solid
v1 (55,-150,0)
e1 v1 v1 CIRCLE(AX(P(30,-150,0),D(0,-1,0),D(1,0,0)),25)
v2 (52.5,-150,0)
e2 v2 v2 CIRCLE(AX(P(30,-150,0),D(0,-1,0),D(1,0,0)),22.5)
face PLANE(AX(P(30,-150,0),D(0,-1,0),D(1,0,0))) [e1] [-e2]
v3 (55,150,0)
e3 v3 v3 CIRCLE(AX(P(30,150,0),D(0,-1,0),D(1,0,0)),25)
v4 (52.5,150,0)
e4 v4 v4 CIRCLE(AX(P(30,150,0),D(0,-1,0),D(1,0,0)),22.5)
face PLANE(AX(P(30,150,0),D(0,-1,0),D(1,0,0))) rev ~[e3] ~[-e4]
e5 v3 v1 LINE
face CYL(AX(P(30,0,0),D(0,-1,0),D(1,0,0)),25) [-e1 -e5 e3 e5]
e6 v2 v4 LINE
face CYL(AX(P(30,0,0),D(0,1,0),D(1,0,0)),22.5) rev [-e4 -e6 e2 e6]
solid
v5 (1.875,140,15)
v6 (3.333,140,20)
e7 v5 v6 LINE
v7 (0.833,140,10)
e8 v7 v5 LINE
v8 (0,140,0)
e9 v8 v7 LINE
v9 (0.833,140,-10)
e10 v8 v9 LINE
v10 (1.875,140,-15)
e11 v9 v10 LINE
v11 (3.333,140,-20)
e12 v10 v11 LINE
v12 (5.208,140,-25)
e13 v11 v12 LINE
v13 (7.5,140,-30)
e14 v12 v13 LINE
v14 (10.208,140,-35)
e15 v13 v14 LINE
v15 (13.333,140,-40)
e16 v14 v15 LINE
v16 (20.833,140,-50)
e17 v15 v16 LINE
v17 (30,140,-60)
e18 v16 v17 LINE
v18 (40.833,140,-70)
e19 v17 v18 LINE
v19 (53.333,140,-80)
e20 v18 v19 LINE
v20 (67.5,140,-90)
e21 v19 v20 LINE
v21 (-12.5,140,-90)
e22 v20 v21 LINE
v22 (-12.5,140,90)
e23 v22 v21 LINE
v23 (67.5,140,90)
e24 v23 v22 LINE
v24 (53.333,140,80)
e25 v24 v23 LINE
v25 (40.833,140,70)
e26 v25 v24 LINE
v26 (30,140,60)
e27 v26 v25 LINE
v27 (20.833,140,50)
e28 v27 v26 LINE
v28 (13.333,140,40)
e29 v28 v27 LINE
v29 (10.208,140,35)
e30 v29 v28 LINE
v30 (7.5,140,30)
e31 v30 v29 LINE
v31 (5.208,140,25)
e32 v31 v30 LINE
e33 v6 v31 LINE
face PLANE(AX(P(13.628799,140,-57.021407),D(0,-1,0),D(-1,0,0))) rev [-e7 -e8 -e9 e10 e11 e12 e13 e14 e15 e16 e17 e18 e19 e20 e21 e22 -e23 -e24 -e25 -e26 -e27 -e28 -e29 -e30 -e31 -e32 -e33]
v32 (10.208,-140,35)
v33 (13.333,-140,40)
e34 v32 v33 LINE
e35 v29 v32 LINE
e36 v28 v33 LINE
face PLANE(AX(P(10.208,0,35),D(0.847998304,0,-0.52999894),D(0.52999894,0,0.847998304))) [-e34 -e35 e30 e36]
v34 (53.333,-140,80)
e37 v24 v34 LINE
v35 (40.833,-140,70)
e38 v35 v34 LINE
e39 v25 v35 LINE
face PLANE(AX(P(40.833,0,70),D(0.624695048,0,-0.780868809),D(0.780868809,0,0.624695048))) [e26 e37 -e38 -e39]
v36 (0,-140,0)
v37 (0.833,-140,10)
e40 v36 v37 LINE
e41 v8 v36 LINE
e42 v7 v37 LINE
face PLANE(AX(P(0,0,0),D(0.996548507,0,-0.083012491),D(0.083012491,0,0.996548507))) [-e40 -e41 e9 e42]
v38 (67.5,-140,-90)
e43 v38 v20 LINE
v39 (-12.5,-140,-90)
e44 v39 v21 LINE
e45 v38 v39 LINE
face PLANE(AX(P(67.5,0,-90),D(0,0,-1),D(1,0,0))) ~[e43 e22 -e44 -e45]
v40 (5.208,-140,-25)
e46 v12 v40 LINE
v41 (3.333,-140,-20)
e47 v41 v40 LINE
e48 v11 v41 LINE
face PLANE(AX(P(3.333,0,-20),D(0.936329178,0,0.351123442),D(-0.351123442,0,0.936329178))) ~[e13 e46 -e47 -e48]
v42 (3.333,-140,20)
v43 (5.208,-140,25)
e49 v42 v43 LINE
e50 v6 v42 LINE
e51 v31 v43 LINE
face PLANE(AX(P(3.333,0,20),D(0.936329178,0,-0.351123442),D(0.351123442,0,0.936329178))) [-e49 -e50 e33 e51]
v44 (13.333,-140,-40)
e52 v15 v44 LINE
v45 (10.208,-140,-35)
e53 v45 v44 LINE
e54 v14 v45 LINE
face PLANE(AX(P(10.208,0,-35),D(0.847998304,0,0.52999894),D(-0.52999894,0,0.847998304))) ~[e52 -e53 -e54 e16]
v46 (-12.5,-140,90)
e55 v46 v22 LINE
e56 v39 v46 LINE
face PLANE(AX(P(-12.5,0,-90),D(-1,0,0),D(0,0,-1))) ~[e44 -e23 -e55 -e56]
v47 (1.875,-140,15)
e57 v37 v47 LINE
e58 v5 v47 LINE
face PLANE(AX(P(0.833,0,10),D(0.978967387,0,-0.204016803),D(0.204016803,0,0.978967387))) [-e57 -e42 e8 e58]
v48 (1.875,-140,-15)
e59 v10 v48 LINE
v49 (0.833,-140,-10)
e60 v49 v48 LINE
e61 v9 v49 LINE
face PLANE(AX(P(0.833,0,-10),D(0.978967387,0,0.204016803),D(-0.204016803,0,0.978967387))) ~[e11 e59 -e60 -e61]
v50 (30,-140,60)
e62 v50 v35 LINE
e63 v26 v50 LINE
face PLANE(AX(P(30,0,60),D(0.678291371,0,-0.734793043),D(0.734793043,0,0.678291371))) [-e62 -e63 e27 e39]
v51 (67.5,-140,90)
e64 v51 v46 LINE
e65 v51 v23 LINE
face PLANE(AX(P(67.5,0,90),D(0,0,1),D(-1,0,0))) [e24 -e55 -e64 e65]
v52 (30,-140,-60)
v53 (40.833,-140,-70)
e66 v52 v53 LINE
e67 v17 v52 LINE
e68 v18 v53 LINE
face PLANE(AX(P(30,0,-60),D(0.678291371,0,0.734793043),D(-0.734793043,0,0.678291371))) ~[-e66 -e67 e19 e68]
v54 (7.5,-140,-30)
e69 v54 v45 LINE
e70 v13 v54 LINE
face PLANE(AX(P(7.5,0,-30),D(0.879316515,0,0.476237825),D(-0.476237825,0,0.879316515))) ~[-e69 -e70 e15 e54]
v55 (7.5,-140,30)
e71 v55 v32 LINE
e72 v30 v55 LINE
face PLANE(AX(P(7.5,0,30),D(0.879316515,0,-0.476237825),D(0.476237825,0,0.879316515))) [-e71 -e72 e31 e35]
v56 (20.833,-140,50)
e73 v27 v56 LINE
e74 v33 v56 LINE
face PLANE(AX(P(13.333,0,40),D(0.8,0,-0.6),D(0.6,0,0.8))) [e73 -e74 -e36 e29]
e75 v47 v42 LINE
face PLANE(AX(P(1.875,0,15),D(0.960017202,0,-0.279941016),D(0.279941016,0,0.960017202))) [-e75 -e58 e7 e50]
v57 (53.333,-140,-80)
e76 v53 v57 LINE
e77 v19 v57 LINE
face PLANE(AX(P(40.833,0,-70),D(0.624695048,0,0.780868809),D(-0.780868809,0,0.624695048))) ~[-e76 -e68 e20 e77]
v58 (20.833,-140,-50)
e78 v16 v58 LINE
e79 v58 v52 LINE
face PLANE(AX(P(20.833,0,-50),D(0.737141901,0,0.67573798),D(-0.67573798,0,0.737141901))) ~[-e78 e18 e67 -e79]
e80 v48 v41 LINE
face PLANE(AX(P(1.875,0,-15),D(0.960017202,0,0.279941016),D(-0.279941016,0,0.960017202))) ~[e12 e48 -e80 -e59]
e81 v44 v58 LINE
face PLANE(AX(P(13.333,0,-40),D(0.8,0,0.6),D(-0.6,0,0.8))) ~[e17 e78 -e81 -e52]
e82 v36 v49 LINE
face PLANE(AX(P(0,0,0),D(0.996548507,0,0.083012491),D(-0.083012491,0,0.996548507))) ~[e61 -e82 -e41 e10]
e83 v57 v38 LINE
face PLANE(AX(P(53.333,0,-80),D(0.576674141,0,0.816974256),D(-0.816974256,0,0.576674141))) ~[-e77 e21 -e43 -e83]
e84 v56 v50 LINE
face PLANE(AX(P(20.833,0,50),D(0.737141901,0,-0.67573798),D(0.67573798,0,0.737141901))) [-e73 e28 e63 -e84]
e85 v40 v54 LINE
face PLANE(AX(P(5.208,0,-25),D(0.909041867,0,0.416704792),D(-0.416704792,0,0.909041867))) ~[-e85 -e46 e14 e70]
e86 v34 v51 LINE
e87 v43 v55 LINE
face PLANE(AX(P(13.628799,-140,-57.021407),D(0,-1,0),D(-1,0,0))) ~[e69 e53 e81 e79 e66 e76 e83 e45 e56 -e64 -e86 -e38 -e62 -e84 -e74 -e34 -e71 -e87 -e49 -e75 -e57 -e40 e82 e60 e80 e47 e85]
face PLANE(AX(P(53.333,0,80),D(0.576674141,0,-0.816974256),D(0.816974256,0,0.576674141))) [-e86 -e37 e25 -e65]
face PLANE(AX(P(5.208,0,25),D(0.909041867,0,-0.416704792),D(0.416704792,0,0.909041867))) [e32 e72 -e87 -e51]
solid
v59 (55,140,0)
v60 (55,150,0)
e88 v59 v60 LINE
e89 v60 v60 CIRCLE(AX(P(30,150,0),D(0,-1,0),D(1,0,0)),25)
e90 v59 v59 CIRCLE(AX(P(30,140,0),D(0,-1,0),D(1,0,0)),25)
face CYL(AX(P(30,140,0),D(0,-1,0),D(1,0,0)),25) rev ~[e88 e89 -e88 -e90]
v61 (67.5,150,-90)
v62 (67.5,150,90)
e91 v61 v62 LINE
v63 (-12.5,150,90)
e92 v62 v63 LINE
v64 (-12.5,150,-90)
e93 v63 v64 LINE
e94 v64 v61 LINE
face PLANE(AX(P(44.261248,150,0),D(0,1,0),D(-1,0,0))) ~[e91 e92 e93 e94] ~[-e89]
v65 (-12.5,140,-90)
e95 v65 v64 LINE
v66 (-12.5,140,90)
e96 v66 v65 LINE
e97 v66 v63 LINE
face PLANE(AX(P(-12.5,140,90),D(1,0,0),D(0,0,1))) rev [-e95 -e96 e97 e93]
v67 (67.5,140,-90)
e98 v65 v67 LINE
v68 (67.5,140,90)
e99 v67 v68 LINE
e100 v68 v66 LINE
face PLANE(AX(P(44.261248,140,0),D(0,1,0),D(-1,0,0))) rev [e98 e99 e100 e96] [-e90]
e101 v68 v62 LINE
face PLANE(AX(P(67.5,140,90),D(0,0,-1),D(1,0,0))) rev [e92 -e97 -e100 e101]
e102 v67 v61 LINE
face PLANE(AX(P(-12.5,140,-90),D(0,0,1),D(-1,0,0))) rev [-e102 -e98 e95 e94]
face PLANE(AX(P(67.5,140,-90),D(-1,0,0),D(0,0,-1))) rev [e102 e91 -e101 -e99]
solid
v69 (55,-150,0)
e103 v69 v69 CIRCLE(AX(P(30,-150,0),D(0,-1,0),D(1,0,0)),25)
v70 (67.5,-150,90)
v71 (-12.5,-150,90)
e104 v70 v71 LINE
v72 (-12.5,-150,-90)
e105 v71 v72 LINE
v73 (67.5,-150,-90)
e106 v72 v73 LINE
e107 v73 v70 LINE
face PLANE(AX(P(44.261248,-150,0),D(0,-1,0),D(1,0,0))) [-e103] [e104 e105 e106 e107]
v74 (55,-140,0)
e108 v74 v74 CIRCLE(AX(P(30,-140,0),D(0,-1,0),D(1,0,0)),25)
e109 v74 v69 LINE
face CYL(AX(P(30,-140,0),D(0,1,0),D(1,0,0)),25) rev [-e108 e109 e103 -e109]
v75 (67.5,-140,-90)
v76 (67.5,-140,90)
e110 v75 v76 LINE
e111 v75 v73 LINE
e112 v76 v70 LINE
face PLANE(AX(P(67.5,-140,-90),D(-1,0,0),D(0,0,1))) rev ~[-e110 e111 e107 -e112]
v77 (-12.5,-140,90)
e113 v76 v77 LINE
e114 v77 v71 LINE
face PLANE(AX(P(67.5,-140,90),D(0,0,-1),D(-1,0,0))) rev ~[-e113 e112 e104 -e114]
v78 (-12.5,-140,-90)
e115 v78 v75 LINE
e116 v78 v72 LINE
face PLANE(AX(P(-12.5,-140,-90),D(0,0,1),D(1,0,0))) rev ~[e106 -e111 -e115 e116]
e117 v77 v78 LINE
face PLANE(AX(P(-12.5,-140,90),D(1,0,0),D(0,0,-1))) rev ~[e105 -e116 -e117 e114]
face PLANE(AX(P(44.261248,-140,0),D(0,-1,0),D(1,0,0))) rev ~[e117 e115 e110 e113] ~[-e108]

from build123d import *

# Parameters (mm, degrees)
F0_R     = 25
F0_R_2   = 22.5
F1_DEPTH = 150
F3_DEPTH = 140
F5_R     = 25
F6_DEPTH = 10


with BuildPart() as f1:
    # F0 (on Front) → F1 (new body, symmetric)
    with BuildSketch(Plane.XZ):
        with Locations((30, 0)):
            Circle(F0_R)
        with Locations((30, 0)):
            Circle(F0_R_2, mode=Mode.SUBTRACT)
    extrude(amount=F1_DEPTH, both=True)


with BuildPart() as f3:
    # F2 (on Front) → F3 (new body, symmetric)
    with BuildSketch(Plane.XZ):
        Polygon((-12.5, 0), (0, 0), (0.833, 10), (1.875, 15), (3.333, 20), (5.208, 25), (7.5, 30), (10.208, 35), (13.333, 40), (20.833, 50), (30, 60), (40.833, 70), (53.333, 80), (67.5, 90), (-12.5, 90), align=None)
    extrude(amount=F3_DEPTH, both=True)

    # F4: F3 across plane


with BuildPart() as f3_1:
    add(f3.part)
    add(f3.part.mirror(Plane.XY))


with BuildPart() as f6:
    # F5 (on face) → F6 (new body)
    with BuildSketch(Plane.XZ.offset(140)):
        Polygon((67.5, -90), (67.5, 90), (53.333, 80), (40.833, 70), (30, 60), (20.833, 50), (13.333, 40), (10.208, 35), (7.5, 30), (5.208, 25), (3.333, 20), (1.875, 15), (0.833, 10), (0, 0), (0.833, -10), (1.875, -15), (3.333, -20), (5.208, -25), (7.5, -30), (10.208, -35), (13.333, -40), (20.833, -50), (30, -60), (40.833, -70), (53.333, -80), align=None)
        with Locations((30, 0)):
            Circle(F5_R, mode=Mode.SUBTRACT)
        Polygon((53.333, 80), (67.5, 90), (-12.5, 90), (-12.5, -90), (67.5, -90), (53.333, -80), (40.833, -70), (30, -60), (20.833, -50), (13.333, -40), (10.208, -35), (7.5, -30), (5.208, -25), (3.333, -20), (1.875, -15), (0.833, -10), (0, 0), (0.833, 10), (1.875, 15), (3.333, 20), (5.208, 25), (7.5, 30), (10.208, 35), (13.333, 40), (20.833, 50), (30, 60), (40.833, 70), align=None)
    extrude(amount=F6_DEPTH)


with BuildPart() as f7_1:
    # F7: instance of F6
    add(f6.part.mirror(Plane.XZ))


solid = Compound([f1.part, f3_1.part, f6.part, f7_1.part])
